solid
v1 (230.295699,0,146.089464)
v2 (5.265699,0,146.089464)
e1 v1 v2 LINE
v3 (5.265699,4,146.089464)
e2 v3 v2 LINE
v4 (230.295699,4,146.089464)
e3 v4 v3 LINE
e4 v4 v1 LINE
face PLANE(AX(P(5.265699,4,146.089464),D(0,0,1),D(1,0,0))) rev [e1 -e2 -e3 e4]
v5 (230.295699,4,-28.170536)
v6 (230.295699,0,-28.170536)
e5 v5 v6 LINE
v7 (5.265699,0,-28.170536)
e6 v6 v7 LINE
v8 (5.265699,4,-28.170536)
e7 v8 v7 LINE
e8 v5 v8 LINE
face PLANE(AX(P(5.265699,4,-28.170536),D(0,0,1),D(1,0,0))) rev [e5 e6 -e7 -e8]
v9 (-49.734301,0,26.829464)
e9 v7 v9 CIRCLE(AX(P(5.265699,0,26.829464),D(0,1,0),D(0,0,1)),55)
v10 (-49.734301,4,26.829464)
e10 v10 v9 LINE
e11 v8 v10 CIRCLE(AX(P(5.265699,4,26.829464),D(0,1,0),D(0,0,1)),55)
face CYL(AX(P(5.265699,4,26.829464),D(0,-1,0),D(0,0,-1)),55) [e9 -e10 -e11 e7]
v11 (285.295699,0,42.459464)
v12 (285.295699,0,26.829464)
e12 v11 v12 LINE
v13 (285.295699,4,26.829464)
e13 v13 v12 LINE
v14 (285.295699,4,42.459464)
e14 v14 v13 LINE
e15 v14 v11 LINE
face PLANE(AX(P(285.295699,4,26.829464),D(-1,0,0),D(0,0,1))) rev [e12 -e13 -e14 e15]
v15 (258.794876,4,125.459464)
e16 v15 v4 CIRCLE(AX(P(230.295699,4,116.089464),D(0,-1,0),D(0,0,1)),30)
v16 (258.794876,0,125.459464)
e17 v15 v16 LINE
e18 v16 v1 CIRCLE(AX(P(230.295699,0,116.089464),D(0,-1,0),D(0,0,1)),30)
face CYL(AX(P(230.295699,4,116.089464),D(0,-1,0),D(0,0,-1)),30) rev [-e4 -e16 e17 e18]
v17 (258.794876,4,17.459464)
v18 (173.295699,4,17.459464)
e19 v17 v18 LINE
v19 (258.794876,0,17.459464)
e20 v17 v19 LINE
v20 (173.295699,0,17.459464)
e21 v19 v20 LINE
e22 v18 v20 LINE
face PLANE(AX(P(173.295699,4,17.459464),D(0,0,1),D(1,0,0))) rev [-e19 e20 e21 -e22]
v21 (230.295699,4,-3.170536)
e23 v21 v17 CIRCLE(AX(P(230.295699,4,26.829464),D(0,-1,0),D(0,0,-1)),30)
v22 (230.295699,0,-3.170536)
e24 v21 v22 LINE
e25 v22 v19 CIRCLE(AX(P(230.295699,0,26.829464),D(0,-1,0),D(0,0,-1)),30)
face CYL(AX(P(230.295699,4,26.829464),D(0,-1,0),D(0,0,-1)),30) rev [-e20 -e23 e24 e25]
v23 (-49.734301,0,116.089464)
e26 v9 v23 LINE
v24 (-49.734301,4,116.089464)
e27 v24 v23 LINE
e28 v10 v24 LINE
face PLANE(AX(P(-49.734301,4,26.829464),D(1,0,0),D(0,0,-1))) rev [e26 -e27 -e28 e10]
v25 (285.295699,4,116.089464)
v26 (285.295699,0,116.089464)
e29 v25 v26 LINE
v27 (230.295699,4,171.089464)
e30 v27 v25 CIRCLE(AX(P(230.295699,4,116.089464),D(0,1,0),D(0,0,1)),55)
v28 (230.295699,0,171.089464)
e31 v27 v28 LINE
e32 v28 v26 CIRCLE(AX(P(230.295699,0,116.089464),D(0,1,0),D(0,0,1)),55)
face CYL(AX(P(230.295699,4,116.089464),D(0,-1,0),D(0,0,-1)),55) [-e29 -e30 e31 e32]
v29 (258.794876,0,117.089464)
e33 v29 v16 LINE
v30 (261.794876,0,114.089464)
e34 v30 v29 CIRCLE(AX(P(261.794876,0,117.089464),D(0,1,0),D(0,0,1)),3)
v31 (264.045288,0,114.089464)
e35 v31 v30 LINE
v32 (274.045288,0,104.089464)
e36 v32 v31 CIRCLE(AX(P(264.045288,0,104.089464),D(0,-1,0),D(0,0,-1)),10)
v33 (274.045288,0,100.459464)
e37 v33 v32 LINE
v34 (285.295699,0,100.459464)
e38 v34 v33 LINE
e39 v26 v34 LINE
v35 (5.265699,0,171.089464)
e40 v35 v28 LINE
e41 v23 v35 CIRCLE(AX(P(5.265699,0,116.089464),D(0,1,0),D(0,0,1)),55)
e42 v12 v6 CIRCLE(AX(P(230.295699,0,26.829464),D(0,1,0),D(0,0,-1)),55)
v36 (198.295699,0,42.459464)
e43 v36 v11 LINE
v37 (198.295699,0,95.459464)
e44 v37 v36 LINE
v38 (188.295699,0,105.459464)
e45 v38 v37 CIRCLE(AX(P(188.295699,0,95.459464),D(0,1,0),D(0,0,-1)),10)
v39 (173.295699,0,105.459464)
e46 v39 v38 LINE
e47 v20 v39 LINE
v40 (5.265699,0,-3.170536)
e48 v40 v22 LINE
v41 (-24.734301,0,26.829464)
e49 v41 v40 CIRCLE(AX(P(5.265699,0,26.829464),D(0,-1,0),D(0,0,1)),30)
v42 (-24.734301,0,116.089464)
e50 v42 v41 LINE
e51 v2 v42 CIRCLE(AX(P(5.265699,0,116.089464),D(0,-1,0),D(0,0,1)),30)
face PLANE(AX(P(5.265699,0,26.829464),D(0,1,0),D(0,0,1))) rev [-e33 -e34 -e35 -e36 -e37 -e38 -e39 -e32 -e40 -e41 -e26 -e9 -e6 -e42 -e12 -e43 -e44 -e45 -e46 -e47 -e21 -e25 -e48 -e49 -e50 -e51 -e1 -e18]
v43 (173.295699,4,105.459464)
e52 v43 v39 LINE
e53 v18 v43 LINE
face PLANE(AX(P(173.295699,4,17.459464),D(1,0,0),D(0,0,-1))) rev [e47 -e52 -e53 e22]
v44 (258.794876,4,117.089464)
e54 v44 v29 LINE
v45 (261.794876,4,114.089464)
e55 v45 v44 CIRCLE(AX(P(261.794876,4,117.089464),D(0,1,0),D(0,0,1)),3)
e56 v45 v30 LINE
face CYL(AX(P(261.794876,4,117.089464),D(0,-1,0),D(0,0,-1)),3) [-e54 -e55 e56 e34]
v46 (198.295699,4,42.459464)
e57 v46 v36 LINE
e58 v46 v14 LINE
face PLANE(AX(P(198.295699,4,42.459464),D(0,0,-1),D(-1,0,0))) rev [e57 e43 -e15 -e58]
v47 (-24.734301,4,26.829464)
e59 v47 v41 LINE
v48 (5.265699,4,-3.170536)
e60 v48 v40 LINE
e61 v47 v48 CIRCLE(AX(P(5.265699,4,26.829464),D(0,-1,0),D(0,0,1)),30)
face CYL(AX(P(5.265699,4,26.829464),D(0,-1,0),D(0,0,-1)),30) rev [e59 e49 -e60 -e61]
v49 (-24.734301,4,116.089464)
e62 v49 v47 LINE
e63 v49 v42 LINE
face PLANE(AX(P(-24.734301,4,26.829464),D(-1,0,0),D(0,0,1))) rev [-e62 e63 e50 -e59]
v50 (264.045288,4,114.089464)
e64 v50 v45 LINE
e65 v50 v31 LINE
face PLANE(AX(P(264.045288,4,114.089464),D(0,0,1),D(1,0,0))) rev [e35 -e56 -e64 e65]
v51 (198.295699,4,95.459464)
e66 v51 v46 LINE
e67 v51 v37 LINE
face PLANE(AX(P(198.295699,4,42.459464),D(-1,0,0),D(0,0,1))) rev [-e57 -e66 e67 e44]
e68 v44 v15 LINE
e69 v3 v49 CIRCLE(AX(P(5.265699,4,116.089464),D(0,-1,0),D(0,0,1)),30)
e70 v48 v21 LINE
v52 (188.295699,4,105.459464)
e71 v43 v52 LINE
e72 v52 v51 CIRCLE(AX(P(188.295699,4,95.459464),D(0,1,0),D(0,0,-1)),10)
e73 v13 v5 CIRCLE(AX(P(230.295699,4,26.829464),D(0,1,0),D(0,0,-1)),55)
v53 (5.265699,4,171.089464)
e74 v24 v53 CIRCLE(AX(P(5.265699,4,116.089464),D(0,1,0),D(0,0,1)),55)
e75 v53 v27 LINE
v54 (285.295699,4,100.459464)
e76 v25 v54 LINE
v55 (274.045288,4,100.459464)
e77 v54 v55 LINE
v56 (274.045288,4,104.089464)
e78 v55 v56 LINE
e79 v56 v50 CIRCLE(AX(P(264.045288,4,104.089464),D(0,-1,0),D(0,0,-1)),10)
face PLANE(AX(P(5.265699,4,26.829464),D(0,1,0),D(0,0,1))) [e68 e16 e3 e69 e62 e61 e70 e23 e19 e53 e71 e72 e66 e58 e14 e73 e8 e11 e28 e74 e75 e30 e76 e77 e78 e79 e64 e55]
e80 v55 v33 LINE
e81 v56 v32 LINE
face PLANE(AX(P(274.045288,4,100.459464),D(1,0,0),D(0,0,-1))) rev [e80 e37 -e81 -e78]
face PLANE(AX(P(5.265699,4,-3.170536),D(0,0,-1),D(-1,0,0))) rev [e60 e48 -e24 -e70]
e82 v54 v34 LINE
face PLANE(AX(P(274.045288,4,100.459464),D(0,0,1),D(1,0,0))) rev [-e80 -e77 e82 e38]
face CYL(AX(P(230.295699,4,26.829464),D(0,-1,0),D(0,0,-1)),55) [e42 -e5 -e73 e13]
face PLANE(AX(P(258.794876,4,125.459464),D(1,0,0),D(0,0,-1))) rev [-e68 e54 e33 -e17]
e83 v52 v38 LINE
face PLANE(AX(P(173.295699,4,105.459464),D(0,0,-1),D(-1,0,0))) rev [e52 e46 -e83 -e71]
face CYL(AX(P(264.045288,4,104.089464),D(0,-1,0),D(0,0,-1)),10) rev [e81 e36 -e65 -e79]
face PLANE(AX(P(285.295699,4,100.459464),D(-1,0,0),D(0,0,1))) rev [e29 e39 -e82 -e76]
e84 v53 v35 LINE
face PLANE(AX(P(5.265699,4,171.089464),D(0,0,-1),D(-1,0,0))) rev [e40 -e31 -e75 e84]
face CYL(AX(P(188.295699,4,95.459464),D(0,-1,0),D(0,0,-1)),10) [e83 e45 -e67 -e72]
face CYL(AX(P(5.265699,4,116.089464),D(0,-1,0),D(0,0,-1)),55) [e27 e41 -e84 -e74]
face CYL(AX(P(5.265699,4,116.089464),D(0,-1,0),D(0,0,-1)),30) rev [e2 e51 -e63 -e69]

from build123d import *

# Parameters (mm, degrees)
BOSS_EXTRUDE1_DEPTH = 4


with BuildPart() as part:
    # Sketch1 → Boss-Extrude1 (new body)
    with BuildSketch(Plane(origin=(0, 0, 0), x_dir=(1, 0, 0), z_dir=(0, 1, 0))):
        with BuildLine():
            Line((285.295698998, -100.459464193), (285.295698998, -116.089464193))
            ThreePointArc((285.295698998, -116.089464193), (269.186571963, -154.980337158), (230.295698998, -171.089464193))
            Line((230.295698998, -171.089464193), (5.265698998, -171.089464193))
            ThreePointArc((5.265698998, -171.089464193), (-33.625173967, -154.980337158), (-49.734301002, -116.089464193))
            Line((-49.734301002, -116.089464193), (-49.734301002, -26.829464193))
            ThreePointArc((-49.734301002, -26.829464193), (-33.625173967, 12.061408773), (5.265698998, 28.170535807))
            Line((5.265698998, 28.170535807), (230.295698998, 28.170535807))
            ThreePointArc((230.295698998, 28.170535807), (269.186571963, 12.061408773), (285.295698998, -26.829464193))
            Line((285.295698998, -26.829464193), (285.295698998, -42.459464193))
            Line((285.295698998, -42.459464193), (198.295698998, -42.459464193))
            Line((198.295698998, -42.459464193), (198.295698998, -95.459464193))
            ThreePointArc((198.295698998, -95.459464193), (195.36676681, -102.530532004), (188.295698998, -105.459464193))
            Line((188.295698998, -105.459464193), (173.295698998, -105.459464193))
            Line((173.295698998, -105.459464193), (173.295698998, -17.459464193))
            Line((173.295698998, -17.459464193), (258.794876179, -17.459464193))
            ThreePointArc((258.794876179, -17.459464193), (247.886889975, -2.528229656), (230.295698998, 3.170535807))
            Line((230.295698998, 3.170535807), (5.265698998, 3.170535807))
            ThreePointArc((5.265698998, 3.170535807), (-15.947504438, -5.616260757), (-24.734301002, -26.829464193))
            Line((-24.734301002, -26.829464193), (-24.734301002, -116.089464193))
            ThreePointArc((-24.734301002, -116.089464193), (-15.947504438, -137.302667628), (5.265698998, -146.089464193))
            Line((5.265698998, -146.089464193), (230.295698998, -146.089464193))
            ThreePointArc((230.295698998, -146.089464193), (247.886889975, -140.390698729), (258.794876179, -125.459464193))
            Line((258.794876179, -125.459464193), (258.794876179, -117.089464193))
            ThreePointArc((258.794876179, -117.089464193), (259.673555836, -114.968143849), (261.794876179, -114.089464193))
            Line((261.794876179, -114.089464193), (264.045287589, -114.089464193))
            ThreePointArc((264.045287589, -114.089464193), (271.1163554, -111.160532004), (274.045287589, -104.089464193))
            Line((274.045287589, -104.089464193), (274.045287589, -100.459464193))
            Line((274.045287589, -100.459464193), (285.295698998, -100.459464193))
        make_face()
    extrude(amount=BOSS_EXTRUDE1_DEPTH)


solid = part.part
